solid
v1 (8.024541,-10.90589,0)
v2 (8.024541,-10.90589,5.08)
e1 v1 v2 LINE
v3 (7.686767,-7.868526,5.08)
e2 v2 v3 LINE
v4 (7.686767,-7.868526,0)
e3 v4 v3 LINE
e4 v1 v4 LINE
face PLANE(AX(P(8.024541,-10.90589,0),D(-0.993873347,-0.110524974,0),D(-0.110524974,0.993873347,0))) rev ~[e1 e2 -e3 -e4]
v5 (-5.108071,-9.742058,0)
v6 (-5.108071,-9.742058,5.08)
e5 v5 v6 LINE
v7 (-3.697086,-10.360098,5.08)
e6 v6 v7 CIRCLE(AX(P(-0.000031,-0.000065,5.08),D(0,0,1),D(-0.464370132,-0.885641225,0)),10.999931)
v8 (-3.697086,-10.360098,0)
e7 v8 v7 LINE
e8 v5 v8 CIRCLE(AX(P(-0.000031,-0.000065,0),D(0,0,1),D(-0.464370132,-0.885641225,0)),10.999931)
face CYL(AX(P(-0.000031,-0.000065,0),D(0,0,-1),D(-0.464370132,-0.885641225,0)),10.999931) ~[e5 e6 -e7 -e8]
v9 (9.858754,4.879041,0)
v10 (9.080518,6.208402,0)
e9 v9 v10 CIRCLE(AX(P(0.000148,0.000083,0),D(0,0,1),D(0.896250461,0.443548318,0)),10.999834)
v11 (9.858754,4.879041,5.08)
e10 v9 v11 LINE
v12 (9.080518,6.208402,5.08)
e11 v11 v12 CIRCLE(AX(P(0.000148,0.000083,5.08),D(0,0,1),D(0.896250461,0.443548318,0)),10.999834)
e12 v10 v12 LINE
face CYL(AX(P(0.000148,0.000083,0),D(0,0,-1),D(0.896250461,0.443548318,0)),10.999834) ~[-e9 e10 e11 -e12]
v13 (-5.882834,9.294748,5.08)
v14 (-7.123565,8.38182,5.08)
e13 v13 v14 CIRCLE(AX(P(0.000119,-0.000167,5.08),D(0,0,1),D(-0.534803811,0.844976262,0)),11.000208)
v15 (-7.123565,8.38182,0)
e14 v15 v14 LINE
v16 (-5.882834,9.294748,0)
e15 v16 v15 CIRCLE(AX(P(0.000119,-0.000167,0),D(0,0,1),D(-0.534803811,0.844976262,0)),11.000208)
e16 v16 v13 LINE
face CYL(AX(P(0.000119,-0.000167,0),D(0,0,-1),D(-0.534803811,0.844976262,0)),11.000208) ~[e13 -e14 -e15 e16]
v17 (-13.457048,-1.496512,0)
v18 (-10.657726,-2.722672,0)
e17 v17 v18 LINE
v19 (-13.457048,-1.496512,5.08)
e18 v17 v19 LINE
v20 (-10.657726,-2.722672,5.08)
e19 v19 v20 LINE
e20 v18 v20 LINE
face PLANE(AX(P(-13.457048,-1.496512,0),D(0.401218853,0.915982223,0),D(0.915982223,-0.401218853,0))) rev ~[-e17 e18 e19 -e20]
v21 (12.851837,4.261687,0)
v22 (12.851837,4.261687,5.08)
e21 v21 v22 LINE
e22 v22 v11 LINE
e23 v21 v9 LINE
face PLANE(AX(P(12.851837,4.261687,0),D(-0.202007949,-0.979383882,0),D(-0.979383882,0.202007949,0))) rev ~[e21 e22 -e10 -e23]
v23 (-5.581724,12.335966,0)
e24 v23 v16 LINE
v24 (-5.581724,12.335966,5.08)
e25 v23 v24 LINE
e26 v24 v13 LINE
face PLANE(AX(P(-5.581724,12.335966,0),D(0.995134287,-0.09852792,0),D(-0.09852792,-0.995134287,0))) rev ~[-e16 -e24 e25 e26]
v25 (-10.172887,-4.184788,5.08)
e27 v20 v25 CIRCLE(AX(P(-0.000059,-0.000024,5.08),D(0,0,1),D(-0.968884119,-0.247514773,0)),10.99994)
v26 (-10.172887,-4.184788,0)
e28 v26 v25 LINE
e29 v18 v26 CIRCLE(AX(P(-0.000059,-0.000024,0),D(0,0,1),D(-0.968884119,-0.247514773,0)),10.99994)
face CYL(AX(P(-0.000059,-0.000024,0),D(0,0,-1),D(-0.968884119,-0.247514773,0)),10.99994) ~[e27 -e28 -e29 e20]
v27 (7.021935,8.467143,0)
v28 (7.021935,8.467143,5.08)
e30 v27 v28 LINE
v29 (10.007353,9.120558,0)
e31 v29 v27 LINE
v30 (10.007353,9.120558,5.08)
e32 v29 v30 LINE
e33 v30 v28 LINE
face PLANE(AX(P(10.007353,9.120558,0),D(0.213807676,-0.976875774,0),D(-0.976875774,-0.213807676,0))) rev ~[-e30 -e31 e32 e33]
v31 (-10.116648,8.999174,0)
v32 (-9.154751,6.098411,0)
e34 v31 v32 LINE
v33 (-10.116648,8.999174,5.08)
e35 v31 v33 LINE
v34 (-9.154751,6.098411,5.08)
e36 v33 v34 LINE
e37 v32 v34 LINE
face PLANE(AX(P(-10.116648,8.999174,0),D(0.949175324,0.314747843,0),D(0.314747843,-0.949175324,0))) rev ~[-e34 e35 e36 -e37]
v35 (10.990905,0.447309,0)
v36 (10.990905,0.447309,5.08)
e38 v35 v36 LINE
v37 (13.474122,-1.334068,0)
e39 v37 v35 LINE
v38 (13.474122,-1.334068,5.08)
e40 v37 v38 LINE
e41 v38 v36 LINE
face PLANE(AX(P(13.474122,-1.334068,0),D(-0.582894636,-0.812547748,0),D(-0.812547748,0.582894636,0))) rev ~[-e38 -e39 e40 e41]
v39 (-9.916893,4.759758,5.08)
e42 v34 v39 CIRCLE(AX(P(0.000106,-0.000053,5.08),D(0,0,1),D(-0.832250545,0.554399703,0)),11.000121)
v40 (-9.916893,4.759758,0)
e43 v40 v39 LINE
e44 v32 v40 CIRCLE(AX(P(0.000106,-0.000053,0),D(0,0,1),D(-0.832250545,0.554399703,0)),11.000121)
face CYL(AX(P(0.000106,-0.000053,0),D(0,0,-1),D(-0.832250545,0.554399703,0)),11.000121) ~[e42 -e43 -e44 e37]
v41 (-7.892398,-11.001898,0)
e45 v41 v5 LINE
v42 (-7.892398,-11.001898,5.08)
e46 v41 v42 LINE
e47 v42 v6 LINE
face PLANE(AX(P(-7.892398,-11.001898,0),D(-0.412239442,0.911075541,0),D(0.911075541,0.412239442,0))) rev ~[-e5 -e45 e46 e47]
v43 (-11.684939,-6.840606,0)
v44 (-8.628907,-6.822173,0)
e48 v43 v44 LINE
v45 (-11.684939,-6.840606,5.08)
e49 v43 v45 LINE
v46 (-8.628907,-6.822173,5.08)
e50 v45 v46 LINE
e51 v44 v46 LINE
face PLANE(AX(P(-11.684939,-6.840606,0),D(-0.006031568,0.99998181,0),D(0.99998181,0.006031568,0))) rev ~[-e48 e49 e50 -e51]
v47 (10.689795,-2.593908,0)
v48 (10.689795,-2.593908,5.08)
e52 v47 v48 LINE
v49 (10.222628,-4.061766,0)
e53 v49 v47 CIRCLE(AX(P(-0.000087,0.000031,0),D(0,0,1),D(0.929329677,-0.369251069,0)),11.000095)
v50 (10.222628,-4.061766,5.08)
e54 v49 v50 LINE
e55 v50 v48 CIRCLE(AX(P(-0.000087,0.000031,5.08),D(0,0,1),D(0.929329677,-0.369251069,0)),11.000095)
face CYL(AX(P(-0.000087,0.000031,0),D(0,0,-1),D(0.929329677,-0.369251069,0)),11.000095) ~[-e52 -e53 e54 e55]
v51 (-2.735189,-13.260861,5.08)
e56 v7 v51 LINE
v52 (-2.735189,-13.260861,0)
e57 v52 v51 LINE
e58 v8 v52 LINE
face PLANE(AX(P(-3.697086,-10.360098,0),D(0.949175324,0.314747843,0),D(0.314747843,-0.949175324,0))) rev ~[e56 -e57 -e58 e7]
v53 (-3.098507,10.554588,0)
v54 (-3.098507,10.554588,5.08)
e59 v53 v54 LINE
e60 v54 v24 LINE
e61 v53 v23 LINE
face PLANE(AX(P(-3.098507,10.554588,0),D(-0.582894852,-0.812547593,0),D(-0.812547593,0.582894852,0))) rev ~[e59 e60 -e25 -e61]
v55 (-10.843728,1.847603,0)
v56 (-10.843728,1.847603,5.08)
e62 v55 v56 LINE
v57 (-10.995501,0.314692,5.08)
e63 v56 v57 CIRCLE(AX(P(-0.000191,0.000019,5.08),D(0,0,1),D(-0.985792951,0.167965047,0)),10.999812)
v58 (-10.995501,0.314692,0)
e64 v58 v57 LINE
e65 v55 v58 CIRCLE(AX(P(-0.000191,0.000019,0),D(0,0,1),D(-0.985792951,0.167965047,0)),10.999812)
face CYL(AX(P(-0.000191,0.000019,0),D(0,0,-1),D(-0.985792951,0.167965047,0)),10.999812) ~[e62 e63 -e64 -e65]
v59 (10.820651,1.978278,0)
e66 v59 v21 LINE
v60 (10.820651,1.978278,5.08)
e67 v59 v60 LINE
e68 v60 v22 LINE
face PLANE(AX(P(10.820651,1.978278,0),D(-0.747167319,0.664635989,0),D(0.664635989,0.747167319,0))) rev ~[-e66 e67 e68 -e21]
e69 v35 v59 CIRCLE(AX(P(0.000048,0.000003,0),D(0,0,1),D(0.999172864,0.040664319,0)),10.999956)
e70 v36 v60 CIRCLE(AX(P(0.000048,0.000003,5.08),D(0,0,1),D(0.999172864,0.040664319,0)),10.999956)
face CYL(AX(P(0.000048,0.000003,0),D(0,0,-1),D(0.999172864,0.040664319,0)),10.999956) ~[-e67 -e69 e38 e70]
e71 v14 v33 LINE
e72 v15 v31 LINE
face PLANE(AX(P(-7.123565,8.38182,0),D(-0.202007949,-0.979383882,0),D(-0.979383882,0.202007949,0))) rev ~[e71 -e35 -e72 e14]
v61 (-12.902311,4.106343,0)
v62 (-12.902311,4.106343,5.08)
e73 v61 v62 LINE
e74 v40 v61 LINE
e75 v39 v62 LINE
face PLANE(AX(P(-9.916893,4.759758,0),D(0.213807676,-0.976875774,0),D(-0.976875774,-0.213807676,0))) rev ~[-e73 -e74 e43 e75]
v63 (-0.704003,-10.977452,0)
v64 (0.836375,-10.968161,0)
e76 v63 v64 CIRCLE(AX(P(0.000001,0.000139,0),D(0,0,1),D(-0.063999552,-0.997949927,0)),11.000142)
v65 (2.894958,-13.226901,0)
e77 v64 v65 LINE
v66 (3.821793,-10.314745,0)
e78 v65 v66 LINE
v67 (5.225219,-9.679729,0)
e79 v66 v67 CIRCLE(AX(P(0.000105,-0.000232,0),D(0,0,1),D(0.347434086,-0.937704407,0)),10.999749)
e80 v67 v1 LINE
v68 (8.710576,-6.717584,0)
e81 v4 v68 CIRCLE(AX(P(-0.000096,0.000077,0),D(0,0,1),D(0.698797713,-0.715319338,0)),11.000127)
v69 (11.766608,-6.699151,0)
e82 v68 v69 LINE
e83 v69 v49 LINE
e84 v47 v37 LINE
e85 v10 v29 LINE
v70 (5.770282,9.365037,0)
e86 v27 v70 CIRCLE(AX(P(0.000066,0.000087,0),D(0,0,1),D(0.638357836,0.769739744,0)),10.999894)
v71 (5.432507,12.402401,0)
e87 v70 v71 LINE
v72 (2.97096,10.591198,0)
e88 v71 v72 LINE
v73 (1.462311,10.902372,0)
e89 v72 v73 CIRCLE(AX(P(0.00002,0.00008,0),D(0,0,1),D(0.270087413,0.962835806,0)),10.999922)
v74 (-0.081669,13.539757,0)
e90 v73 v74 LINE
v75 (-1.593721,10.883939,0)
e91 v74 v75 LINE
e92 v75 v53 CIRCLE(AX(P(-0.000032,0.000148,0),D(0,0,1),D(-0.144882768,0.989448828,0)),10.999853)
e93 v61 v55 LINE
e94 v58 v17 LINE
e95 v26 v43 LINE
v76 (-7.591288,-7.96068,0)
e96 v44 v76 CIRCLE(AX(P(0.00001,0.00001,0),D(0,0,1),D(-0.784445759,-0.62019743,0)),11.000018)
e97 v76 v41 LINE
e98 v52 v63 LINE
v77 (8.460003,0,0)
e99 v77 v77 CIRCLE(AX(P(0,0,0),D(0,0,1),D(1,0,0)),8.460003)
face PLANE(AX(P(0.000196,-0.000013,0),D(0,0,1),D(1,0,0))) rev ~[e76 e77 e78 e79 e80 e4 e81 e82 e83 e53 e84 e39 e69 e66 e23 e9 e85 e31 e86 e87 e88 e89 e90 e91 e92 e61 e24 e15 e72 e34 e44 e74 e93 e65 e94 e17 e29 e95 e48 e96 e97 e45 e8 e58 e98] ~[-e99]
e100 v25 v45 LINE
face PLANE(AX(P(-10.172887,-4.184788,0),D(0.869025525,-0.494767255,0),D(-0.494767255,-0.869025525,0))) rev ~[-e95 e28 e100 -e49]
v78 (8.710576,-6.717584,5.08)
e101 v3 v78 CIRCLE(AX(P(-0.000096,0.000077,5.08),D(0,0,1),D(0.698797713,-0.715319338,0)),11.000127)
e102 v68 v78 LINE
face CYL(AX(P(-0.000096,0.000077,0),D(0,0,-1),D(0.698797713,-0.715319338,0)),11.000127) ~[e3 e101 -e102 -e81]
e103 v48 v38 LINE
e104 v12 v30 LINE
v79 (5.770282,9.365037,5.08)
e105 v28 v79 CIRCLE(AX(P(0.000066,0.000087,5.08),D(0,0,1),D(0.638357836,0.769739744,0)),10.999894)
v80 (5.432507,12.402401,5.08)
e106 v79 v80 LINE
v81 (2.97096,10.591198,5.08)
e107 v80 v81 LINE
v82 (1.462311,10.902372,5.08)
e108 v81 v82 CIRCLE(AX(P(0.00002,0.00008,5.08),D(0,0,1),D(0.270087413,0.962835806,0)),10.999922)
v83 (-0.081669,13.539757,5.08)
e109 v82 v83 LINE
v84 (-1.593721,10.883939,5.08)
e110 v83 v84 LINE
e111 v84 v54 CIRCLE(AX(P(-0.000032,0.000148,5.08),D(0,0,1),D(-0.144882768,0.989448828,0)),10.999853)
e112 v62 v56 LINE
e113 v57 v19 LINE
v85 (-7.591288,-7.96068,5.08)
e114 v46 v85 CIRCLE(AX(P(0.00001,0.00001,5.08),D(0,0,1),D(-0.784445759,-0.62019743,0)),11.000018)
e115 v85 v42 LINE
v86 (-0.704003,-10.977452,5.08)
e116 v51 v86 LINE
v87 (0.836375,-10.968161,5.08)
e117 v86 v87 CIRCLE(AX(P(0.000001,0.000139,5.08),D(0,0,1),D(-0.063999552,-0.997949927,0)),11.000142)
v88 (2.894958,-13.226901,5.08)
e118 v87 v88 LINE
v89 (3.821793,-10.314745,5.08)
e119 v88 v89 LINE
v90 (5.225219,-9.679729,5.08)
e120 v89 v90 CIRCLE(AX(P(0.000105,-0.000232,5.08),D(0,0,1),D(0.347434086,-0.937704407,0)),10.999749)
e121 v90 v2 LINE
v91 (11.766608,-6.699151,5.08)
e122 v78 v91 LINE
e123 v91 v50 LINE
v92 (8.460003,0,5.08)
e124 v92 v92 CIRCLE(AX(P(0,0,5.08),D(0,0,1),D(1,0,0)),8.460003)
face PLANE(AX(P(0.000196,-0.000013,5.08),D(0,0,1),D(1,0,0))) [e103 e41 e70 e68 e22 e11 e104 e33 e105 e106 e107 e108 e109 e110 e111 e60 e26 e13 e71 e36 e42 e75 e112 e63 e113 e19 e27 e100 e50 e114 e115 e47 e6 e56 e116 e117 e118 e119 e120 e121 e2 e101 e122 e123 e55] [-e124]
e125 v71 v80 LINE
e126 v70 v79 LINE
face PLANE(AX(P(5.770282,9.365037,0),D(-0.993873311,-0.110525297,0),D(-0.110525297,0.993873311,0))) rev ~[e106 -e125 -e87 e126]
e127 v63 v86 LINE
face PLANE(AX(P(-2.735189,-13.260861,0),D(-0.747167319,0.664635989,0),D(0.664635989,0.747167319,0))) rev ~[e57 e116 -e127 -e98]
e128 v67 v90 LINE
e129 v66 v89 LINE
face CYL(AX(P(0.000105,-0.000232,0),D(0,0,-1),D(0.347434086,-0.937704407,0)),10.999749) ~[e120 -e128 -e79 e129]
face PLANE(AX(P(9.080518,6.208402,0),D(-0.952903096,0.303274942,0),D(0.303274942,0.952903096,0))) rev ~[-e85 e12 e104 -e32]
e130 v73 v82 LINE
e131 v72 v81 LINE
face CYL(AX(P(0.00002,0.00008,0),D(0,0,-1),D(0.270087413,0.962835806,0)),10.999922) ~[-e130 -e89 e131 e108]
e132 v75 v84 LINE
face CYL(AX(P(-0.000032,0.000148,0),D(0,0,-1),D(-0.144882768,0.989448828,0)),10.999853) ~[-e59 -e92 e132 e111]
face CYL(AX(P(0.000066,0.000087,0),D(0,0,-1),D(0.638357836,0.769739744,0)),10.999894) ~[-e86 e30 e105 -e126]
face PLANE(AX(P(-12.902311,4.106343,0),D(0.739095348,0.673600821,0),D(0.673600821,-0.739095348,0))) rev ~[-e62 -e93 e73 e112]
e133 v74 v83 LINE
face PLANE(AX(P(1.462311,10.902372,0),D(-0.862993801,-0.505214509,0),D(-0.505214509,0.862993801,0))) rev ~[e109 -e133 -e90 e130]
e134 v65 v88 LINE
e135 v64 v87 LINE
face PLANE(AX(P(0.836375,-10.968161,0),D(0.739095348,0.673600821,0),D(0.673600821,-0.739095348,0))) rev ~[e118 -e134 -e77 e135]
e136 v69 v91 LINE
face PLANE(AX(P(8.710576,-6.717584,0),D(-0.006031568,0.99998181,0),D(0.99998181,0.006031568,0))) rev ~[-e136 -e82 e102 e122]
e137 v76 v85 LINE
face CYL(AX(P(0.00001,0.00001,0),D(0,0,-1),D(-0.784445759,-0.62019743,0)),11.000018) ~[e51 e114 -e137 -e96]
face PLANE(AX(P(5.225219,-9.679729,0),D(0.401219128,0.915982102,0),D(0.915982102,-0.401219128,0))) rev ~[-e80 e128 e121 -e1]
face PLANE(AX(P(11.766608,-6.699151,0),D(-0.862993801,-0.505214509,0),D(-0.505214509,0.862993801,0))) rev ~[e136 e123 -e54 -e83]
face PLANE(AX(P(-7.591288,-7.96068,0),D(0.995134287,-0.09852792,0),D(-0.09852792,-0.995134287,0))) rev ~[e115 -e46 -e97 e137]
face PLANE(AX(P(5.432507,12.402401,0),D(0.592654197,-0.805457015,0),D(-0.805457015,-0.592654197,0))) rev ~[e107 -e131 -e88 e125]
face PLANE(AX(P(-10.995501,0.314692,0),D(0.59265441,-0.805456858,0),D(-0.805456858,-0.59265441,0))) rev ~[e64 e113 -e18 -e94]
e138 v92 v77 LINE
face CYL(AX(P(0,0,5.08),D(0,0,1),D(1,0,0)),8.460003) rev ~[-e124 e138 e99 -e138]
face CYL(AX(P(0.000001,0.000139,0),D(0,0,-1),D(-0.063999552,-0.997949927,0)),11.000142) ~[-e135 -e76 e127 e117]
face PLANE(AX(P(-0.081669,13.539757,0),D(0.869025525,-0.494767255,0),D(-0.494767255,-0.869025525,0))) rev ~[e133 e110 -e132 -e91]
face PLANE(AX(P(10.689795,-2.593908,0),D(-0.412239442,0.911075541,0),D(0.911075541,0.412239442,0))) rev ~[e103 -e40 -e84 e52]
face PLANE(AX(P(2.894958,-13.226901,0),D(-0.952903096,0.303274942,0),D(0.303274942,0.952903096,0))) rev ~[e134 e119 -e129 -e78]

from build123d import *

# Parameters (mm, degrees)
F1_DEPTH = 5.08
F2_R     = 8.460003
F3_DEPTH = 25.4


with BuildPart() as f1:
    # F0 (on Top) → F1 (new body)
    with BuildSketch(Plane.XY):
        with BuildLine():
            ThreePointArc((10.689795, -2.593908), (10.922176, -1.306196), (11.000003, 0))
            ThreePointArc((11.000003, 0), (10.997729, 0.223701), (10.990905, 0.447309))
            ThreePointArc((10.990905, 0.447309), (10.93261, 1.215778), (10.820651, 1.978278))
            ThreePointArc((10.820651, 1.978278), (10.440932, 3.462227), (9.858754, 4.879041))
            ThreePointArc((9.858754, 4.879041), (9.492935, 5.557361), (9.080518, 6.208402))
            ThreePointArc((9.080518, 6.208402), (8.130051, 7.409612), (7.021935, 8.467143))
            ThreePointArc((7.021935, 8.467143), (6.411845, 8.938027), (5.770282, 9.365037))
            ThreePointArc((5.770282, 9.365037), (4.413411, 10.075807), (2.97096, 10.591198))
            ThreePointArc((2.97096, 10.591198), (2.222089, 10.773226), (1.462311, 10.902372))
            ThreePointArc((1.462311, 10.902372), (-0.066349, 10.999803), (-1.593721, 10.883939))
            ThreePointArc((-1.593721, 10.883939), (-2.351886, 10.745637), (-3.098507, 10.554588))
            ThreePointArc((-3.098507, 10.554588), (-4.534636, 10.021834), (-5.882834, 9.294748))
            ThreePointArc((-5.882834, 9.294748), (-6.519199, 8.860029), (-7.123565, 8.38182))
            ThreePointArc((-7.123565, 8.38182), (-8.218843, 7.310998), (-9.154751, 6.098411))
            ThreePointArc((-9.154751, 6.098411), (-9.559283, 5.442442), (-9.916893, 4.759758))
            ThreePointArc((-9.916893, 4.759758), (-10.481937, 3.336025), (-10.843728, 1.847603))
            ThreePointArc((-10.843728, 1.847603), (-10.946481, 1.083807), (-10.995501, 0.314692))
            ThreePointArc((-10.995501, 0.314692), (-10.93261, -1.215778), (-10.657726, -2.722672))
            ThreePointArc((-10.657726, -2.722672), (-10.440932, -3.462227), (-10.172887, -4.184788))
            ThreePointArc((-10.172887, -4.184788), (-9.492935, -5.557361), (-8.628907, -6.822173))
            ThreePointArc((-8.628907, -6.822173), (-8.130051, -7.409612), (-7.591288, -7.96068))
            ThreePointArc((-7.591288, -7.96068), (-6.411845, -8.938027), (-5.108071, -9.742058))
            ThreePointArc((-5.108071, -9.742058), (-4.413411, -10.075807), (-3.697086, -10.360098))
            ThreePointArc((-3.697086, -10.360098), (-2.222089, -10.773226), (-0.704003, -10.977452))
            ThreePointArc((-0.704003, -10.977452), (0.066349, -10.999803), (0.836375, -10.968161))
            ThreePointArc((0.836375, -10.968161), (2.351886, -10.745637), (3.821793, -10.314745))
            ThreePointArc((3.821793, -10.314745), (4.534636, -10.021834), (5.225219, -9.679729))
            ThreePointArc((5.225219, -9.679729), (6.519199, -8.860029), (7.686767, -7.868526))
            ThreePointArc((7.686767, -7.868526), (8.218843, -7.310998), (8.710576, -6.717584))
            ThreePointArc((8.710576, -6.717584), (9.559283, -5.442442), (10.222628, -4.061766))
            ThreePointArc((10.222628, -4.061766), (10.481937, -3.336025), (10.689795, -2.593908))
        make_face()
        with BuildLine():
            ThreePointArc((10.990905, 0.447309), (10.997729, 0.223701), (11.000003, 0))
            ThreePointArc((11.000003, 0), (10.922176, -1.306196), (10.689795, -2.593908))
            Line((10.689795, -2.593908), (13.474122, -1.334068))
            Line((13.474122, -1.334068), (10.990905, 0.447309))
        make_face()
        with BuildLine():
            ThreePointArc((9.858754, 4.879041), (10.440932, 3.462227), (10.820651, 1.978278))
            Line((10.820651, 1.978278), (12.851837, 4.261687))
            Line((12.851837, 4.261687), (9.858754, 4.879041))
        make_face()
        with BuildLine():
            Line((11.766608, -6.699151), (10.222628, -4.061766))
            ThreePointArc((10.222628, -4.061766), (9.559283, -5.442442), (8.710576, -6.717584))
            Line((8.710576, -6.717584), (11.766608, -6.699151))
        make_face()
        with BuildLine():
            ThreePointArc((7.021935, 8.467143), (8.130051, 7.409612), (9.080518, 6.208402))
            Line((9.080518, 6.208402), (10.007353, 9.120558))
            Line((10.007353, 9.120558), (7.021935, 8.467143))
        make_face()
        with BuildLine():
            Line((8.024541, -10.90589), (7.686767, -7.868526))
            ThreePointArc((7.686767, -7.868526), (6.519199, -8.860029), (5.225219, -9.679729))
            Line((5.225219, -9.679729), (8.024541, -10.90589))
        make_face()
        with BuildLine():
            ThreePointArc((2.97096, 10.591198), (4.413411, 10.075807), (5.770282, 9.365037))
            Line((5.770282, 9.365037), (5.432507, 12.402401))
            Line((5.432507, 12.402401), (2.97096, 10.591198))
        make_face()
        with BuildLine():
            Line((2.894958, -13.226901), (3.821793, -10.314745))
            ThreePointArc((3.821793, -10.314745), (2.351886, -10.745637), (0.836375, -10.968161))
            Line((0.836375, -10.968161), (2.894958, -13.226901))
        make_face()
        with BuildLine():
            ThreePointArc((-1.593721, 10.883939), (-0.066349, 10.999803), (1.462311, 10.902372))
            Line((1.462311, 10.902372), (-0.081669, 13.539757))
            Line((-0.081669, 13.539757), (-1.593721, 10.883939))
        make_face()
        with BuildLine():
            Line((-2.735189, -13.260861), (-0.704003, -10.977452))
            ThreePointArc((-0.704003, -10.977452), (-2.222089, -10.773226), (-3.697086, -10.360098))
            Line((-3.697086, -10.360098), (-2.735189, -13.260861))
        make_face()
        with BuildLine():
            ThreePointArc((-5.882834, 9.294748), (-4.534636, 10.021834), (-3.098507, 10.554588))
            Line((-3.098507, 10.554588), (-5.581724, 12.335966))
            Line((-5.581724, 12.335966), (-5.882834, 9.294748))
        make_face()
        with BuildLine():
            Line((-7.892398, -11.001898), (-5.108071, -9.742058))
            ThreePointArc((-5.108071, -9.742058), (-6.411845, -8.938027), (-7.591288, -7.96068))
            Line((-7.591288, -7.96068), (-7.892398, -11.001898))
        make_face()
        with BuildLine():
            ThreePointArc((-9.154751, 6.098411), (-8.218843, 7.310998), (-7.123565, 8.38182))
            Line((-7.123565, 8.38182), (-10.116648, 8.999174))
            Line((-10.116648, 8.999174), (-9.154751, 6.098411))
        make_face()
        with BuildLine():
            Line((-11.684939, -6.840606), (-8.628907, -6.822173))
            ThreePointArc((-8.628907, -6.822173), (-9.492935, -5.557361), (-10.172887, -4.184788))
            Line((-10.172887, -4.184788), (-11.684939, -6.840606))
        make_face()
        with BuildLine():
            ThreePointArc((-10.843728, 1.847603), (-10.481937, 3.336025), (-9.916893, 4.759758))
            Line((-9.916893, 4.759758), (-12.902311, 4.106343))
            Line((-12.902311, 4.106343), (-10.843728, 1.847603))
        make_face()
        with BuildLine():
            Line((-13.457048, -1.496512), (-10.657726, -2.722672))
            ThreePointArc((-10.657726, -2.722672), (-10.93261, -1.215778), (-10.995501, 0.314692))
            Line((-10.995501, 0.314692), (-13.457048, -1.496512))
        make_face()
    extrude(amount=F1_DEPTH)

    # F2 (on face) → F3 (cut)
    with BuildSketch(Plane.XY.offset(5.08)):
        Circle(F2_R)
    extrude(amount=-F3_DEPTH, mode=Mode.SUBTRACT)


solid = f1.part
